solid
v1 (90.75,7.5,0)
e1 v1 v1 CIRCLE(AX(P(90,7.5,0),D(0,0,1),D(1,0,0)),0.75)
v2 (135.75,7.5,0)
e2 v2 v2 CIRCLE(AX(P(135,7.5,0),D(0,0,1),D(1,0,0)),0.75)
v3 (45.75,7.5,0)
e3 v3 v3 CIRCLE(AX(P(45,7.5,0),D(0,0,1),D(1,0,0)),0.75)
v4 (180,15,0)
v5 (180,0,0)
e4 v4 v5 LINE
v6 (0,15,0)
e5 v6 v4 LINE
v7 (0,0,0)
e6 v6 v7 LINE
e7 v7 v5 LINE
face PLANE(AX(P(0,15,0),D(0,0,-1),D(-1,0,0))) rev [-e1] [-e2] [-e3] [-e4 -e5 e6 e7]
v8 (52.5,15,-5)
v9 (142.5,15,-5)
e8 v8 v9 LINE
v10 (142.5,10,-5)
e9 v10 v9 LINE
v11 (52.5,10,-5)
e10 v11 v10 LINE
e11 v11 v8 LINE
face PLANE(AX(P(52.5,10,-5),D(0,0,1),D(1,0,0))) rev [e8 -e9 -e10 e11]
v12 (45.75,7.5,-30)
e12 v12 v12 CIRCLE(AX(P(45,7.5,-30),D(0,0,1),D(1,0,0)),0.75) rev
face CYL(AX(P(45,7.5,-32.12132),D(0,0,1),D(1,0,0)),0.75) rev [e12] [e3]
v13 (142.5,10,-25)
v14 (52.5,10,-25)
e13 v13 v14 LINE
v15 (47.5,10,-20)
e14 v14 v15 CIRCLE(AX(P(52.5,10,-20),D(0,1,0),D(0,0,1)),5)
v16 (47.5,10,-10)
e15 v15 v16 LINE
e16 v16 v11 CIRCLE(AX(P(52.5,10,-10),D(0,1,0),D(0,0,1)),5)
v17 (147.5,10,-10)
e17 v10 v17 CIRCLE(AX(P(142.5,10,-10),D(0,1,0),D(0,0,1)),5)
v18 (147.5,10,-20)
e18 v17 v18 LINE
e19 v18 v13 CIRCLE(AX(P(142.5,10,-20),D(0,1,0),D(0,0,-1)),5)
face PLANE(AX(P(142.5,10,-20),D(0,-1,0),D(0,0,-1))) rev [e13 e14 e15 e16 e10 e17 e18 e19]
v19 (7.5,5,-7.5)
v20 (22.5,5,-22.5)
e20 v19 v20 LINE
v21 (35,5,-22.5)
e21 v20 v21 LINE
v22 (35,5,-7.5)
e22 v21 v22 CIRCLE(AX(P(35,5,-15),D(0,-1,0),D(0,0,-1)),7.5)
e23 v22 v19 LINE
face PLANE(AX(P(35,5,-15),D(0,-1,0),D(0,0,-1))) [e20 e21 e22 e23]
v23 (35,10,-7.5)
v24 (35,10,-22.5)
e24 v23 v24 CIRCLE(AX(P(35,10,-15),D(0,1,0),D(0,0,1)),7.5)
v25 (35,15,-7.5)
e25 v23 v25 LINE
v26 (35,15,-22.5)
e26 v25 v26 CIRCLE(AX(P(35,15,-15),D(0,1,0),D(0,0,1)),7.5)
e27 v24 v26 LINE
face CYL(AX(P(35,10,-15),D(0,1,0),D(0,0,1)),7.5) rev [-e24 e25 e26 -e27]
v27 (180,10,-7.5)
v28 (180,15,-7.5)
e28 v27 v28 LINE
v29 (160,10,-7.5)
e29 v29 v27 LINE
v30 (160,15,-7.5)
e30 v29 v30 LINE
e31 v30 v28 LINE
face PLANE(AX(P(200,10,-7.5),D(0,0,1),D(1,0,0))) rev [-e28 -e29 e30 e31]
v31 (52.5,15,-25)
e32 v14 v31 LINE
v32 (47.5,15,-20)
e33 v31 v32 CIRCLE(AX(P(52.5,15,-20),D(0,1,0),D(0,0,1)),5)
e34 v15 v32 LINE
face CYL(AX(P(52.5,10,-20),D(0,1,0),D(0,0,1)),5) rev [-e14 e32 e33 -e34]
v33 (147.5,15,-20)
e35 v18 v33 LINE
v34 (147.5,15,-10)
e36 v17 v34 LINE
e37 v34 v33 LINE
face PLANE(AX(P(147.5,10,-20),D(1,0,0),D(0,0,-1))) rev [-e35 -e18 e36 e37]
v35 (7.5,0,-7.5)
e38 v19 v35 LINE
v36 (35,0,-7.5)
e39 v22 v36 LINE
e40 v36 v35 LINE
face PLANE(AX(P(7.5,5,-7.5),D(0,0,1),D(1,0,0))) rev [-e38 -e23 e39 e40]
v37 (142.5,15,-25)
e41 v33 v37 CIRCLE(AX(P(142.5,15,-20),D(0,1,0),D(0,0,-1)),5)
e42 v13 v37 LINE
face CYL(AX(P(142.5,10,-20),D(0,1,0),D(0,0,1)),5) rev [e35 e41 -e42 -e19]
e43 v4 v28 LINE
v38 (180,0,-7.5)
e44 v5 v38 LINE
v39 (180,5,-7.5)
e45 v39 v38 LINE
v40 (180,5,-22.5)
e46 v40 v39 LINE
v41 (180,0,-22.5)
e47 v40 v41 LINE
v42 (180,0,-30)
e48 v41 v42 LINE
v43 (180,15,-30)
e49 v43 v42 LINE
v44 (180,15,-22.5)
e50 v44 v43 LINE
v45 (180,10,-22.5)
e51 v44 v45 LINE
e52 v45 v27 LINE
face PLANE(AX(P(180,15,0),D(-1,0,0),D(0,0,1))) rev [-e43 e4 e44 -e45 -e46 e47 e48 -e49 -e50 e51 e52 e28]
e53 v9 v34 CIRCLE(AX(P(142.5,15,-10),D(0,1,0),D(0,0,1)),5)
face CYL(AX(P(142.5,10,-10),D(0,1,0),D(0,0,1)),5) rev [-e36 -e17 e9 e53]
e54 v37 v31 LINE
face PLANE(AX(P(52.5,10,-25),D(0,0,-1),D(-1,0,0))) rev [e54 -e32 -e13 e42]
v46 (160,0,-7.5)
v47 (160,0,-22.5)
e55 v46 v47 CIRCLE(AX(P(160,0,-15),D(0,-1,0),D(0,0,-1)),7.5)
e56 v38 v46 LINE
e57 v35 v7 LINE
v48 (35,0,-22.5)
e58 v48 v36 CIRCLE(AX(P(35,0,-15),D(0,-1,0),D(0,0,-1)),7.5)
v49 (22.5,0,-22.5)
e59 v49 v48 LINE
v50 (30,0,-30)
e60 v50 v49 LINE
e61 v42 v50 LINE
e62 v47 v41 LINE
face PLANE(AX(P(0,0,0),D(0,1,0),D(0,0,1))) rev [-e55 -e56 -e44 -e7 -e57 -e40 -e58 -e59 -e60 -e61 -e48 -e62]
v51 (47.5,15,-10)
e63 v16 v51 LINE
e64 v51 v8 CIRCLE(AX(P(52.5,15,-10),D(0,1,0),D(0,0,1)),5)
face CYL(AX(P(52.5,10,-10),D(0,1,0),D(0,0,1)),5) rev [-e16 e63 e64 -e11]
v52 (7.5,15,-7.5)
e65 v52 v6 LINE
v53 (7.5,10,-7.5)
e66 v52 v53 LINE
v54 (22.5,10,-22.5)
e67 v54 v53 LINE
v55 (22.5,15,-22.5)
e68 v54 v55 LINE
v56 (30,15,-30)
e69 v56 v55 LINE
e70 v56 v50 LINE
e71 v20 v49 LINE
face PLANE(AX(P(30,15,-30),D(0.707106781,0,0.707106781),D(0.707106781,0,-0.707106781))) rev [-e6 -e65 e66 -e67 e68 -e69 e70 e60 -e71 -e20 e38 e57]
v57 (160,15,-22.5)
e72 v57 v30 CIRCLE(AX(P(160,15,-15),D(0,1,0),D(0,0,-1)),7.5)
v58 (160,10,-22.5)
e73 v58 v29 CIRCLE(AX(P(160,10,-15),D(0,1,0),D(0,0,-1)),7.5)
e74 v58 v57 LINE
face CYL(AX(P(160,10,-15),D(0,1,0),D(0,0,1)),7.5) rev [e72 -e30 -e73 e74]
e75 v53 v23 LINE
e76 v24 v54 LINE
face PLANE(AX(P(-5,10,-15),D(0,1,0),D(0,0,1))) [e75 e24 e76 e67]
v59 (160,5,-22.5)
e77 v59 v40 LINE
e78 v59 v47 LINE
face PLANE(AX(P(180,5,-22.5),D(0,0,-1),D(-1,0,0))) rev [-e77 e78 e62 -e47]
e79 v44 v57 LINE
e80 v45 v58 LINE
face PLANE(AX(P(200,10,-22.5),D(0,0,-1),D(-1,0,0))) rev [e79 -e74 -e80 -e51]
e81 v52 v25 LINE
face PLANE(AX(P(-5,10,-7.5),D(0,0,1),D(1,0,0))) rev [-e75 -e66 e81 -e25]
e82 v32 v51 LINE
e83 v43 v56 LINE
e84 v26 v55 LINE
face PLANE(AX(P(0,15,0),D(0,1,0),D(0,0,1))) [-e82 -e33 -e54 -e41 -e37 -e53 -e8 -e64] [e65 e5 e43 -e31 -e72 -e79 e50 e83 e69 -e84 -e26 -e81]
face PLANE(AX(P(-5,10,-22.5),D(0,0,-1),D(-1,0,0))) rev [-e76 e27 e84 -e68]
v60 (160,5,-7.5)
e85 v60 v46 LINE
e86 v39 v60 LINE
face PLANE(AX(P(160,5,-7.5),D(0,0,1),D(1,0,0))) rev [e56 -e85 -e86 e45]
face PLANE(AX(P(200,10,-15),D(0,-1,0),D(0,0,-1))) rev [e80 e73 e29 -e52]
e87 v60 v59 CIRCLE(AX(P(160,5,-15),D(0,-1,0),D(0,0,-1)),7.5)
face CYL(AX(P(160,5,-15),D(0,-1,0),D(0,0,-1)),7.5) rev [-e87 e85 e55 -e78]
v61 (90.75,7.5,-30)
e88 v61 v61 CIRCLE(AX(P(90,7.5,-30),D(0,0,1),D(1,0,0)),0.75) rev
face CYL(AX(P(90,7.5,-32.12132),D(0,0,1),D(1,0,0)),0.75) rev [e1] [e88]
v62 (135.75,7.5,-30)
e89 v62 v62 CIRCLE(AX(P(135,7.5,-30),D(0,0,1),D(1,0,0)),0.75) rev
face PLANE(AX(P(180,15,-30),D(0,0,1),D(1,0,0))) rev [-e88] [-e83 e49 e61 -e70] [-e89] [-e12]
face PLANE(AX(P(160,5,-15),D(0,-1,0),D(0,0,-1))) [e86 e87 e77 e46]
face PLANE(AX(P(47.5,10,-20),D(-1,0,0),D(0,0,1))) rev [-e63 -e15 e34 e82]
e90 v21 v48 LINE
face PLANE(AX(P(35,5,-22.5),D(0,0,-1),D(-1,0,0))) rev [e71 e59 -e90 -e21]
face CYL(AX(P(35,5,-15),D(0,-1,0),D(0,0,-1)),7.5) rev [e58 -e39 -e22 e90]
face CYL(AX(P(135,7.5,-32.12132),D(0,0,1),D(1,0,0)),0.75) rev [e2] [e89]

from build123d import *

# Parameters (mm, degrees)
BOSS_EXTRUDE1_DEPTH = 15
CUT_EXTRUDE1_DEPTH  = 5
CUT_EXTRUDE2_DEPTH  = 5
SKETCH4_R           = 0.75
CUT_EXTRUDE3_DEPTH  = 30
CUT_EXTRUDE4_DEPTH  = 5


with BuildPart() as part:
    # Sketch1 → Boss-Extrude1 (new body)
    with BuildSketch(Plane(origin=(0, 0, 0), x_dir=(1, 0, 0), z_dir=(0, 1, 0))):
        Polygon((0, 0), (180, 0), (180, 30), (30, 30), align=None)
    extrude(amount=BOSS_EXTRUDE1_DEPTH)

    # Sketch2 → Cut-Extrude1 (cut)
    with BuildSketch(Plane(origin=(0, 15, 0), x_dir=(1, 0, 0), z_dir=(0, 1, 0))):
        with BuildLine():
            Line((-5, 22.5), (35, 22.5))
            ThreePointArc((35, 22.5), (42.5, 15), (35, 7.5))
            Line((35, 7.5), (-5, 7.5))
            ThreePointArc((-5, 7.5), (-12.5, 15), (-5, 22.5))
        make_face()
        with BuildLine():
            Line((200, 22.5), (160, 22.5))
            ThreePointArc((160, 22.5), (152.5, 15), (160, 7.5))
            Line((160, 7.5), (200, 7.5))
            ThreePointArc((200, 7.5), (207.5, 15), (200, 22.5))
        make_face()
    extrude(amount=-CUT_EXTRUDE1_DEPTH, mode=Mode.SUBTRACT)

    # Sketch3 → Cut-Extrude2 (cut)
    with BuildSketch(Plane.XZ):
        with BuildLine():
            Line((22.5, -22.5), (7.5, -7.5))
            Line((7.5, -7.5), (35, -7.5))
            ThreePointArc((35, -7.5), (42.5, -15), (35, -22.5))
            Line((35, -22.5), (22.5, -22.5))
        make_face()
        with BuildLine():
            Line((180, -7.5), (180, -22.5))
            Line((180, -22.5), (160, -22.5))
            ThreePointArc((160, -22.5), (152.5, -15), (160, -7.5))
            Line((160, -7.5), (180, -7.5))
        make_face()
    extrude(amount=-CUT_EXTRUDE2_DEPTH, mode=Mode.SUBTRACT)

    # Sketch4 → Cut-Extrude3 (cut)
    with BuildSketch(Plane.XY):
        with Locations((90, 7.5)):
            Circle(SKETCH4_R)
        with Locations((45, 7.5)):
            Circle(SKETCH4_R)
        with Locations((135, 7.5)):
            Circle(SKETCH4_R)
    extrude(amount=-CUT_EXTRUDE3_DEPTH, mode=Mode.SUBTRACT)

    # Sketch5 → Cut-Extrude4 (cut)
    with BuildSketch(Plane(origin=(0, 15, 0), x_dir=(1, 0, 0), z_dir=(0, 1, 0))):
        with BuildLine():
            Line((52.5, 25), (142.5, 25))
            ThreePointArc((142.5, 25), (146.035533906, 23.535533906), (147.5, 20))
            Line((147.5, 20), (147.5, 10))
            ThreePointArc((147.5, 10), (146.035533906, 6.464466094), (142.5, 5))
            Line((142.5, 5), (52.5, 5))
            ThreePointArc((52.5, 5), (48.964466094, 6.464466094), (47.5, 10))
            Line((47.5, 10), (47.5, 20))
            ThreePointArc((47.5, 20), (48.964466094, 23.535533906), (52.5, 25))
        make_face()
    extrude(amount=-CUT_EXTRUDE4_DEPTH, mode=Mode.SUBTRACT)


solid = part.part
